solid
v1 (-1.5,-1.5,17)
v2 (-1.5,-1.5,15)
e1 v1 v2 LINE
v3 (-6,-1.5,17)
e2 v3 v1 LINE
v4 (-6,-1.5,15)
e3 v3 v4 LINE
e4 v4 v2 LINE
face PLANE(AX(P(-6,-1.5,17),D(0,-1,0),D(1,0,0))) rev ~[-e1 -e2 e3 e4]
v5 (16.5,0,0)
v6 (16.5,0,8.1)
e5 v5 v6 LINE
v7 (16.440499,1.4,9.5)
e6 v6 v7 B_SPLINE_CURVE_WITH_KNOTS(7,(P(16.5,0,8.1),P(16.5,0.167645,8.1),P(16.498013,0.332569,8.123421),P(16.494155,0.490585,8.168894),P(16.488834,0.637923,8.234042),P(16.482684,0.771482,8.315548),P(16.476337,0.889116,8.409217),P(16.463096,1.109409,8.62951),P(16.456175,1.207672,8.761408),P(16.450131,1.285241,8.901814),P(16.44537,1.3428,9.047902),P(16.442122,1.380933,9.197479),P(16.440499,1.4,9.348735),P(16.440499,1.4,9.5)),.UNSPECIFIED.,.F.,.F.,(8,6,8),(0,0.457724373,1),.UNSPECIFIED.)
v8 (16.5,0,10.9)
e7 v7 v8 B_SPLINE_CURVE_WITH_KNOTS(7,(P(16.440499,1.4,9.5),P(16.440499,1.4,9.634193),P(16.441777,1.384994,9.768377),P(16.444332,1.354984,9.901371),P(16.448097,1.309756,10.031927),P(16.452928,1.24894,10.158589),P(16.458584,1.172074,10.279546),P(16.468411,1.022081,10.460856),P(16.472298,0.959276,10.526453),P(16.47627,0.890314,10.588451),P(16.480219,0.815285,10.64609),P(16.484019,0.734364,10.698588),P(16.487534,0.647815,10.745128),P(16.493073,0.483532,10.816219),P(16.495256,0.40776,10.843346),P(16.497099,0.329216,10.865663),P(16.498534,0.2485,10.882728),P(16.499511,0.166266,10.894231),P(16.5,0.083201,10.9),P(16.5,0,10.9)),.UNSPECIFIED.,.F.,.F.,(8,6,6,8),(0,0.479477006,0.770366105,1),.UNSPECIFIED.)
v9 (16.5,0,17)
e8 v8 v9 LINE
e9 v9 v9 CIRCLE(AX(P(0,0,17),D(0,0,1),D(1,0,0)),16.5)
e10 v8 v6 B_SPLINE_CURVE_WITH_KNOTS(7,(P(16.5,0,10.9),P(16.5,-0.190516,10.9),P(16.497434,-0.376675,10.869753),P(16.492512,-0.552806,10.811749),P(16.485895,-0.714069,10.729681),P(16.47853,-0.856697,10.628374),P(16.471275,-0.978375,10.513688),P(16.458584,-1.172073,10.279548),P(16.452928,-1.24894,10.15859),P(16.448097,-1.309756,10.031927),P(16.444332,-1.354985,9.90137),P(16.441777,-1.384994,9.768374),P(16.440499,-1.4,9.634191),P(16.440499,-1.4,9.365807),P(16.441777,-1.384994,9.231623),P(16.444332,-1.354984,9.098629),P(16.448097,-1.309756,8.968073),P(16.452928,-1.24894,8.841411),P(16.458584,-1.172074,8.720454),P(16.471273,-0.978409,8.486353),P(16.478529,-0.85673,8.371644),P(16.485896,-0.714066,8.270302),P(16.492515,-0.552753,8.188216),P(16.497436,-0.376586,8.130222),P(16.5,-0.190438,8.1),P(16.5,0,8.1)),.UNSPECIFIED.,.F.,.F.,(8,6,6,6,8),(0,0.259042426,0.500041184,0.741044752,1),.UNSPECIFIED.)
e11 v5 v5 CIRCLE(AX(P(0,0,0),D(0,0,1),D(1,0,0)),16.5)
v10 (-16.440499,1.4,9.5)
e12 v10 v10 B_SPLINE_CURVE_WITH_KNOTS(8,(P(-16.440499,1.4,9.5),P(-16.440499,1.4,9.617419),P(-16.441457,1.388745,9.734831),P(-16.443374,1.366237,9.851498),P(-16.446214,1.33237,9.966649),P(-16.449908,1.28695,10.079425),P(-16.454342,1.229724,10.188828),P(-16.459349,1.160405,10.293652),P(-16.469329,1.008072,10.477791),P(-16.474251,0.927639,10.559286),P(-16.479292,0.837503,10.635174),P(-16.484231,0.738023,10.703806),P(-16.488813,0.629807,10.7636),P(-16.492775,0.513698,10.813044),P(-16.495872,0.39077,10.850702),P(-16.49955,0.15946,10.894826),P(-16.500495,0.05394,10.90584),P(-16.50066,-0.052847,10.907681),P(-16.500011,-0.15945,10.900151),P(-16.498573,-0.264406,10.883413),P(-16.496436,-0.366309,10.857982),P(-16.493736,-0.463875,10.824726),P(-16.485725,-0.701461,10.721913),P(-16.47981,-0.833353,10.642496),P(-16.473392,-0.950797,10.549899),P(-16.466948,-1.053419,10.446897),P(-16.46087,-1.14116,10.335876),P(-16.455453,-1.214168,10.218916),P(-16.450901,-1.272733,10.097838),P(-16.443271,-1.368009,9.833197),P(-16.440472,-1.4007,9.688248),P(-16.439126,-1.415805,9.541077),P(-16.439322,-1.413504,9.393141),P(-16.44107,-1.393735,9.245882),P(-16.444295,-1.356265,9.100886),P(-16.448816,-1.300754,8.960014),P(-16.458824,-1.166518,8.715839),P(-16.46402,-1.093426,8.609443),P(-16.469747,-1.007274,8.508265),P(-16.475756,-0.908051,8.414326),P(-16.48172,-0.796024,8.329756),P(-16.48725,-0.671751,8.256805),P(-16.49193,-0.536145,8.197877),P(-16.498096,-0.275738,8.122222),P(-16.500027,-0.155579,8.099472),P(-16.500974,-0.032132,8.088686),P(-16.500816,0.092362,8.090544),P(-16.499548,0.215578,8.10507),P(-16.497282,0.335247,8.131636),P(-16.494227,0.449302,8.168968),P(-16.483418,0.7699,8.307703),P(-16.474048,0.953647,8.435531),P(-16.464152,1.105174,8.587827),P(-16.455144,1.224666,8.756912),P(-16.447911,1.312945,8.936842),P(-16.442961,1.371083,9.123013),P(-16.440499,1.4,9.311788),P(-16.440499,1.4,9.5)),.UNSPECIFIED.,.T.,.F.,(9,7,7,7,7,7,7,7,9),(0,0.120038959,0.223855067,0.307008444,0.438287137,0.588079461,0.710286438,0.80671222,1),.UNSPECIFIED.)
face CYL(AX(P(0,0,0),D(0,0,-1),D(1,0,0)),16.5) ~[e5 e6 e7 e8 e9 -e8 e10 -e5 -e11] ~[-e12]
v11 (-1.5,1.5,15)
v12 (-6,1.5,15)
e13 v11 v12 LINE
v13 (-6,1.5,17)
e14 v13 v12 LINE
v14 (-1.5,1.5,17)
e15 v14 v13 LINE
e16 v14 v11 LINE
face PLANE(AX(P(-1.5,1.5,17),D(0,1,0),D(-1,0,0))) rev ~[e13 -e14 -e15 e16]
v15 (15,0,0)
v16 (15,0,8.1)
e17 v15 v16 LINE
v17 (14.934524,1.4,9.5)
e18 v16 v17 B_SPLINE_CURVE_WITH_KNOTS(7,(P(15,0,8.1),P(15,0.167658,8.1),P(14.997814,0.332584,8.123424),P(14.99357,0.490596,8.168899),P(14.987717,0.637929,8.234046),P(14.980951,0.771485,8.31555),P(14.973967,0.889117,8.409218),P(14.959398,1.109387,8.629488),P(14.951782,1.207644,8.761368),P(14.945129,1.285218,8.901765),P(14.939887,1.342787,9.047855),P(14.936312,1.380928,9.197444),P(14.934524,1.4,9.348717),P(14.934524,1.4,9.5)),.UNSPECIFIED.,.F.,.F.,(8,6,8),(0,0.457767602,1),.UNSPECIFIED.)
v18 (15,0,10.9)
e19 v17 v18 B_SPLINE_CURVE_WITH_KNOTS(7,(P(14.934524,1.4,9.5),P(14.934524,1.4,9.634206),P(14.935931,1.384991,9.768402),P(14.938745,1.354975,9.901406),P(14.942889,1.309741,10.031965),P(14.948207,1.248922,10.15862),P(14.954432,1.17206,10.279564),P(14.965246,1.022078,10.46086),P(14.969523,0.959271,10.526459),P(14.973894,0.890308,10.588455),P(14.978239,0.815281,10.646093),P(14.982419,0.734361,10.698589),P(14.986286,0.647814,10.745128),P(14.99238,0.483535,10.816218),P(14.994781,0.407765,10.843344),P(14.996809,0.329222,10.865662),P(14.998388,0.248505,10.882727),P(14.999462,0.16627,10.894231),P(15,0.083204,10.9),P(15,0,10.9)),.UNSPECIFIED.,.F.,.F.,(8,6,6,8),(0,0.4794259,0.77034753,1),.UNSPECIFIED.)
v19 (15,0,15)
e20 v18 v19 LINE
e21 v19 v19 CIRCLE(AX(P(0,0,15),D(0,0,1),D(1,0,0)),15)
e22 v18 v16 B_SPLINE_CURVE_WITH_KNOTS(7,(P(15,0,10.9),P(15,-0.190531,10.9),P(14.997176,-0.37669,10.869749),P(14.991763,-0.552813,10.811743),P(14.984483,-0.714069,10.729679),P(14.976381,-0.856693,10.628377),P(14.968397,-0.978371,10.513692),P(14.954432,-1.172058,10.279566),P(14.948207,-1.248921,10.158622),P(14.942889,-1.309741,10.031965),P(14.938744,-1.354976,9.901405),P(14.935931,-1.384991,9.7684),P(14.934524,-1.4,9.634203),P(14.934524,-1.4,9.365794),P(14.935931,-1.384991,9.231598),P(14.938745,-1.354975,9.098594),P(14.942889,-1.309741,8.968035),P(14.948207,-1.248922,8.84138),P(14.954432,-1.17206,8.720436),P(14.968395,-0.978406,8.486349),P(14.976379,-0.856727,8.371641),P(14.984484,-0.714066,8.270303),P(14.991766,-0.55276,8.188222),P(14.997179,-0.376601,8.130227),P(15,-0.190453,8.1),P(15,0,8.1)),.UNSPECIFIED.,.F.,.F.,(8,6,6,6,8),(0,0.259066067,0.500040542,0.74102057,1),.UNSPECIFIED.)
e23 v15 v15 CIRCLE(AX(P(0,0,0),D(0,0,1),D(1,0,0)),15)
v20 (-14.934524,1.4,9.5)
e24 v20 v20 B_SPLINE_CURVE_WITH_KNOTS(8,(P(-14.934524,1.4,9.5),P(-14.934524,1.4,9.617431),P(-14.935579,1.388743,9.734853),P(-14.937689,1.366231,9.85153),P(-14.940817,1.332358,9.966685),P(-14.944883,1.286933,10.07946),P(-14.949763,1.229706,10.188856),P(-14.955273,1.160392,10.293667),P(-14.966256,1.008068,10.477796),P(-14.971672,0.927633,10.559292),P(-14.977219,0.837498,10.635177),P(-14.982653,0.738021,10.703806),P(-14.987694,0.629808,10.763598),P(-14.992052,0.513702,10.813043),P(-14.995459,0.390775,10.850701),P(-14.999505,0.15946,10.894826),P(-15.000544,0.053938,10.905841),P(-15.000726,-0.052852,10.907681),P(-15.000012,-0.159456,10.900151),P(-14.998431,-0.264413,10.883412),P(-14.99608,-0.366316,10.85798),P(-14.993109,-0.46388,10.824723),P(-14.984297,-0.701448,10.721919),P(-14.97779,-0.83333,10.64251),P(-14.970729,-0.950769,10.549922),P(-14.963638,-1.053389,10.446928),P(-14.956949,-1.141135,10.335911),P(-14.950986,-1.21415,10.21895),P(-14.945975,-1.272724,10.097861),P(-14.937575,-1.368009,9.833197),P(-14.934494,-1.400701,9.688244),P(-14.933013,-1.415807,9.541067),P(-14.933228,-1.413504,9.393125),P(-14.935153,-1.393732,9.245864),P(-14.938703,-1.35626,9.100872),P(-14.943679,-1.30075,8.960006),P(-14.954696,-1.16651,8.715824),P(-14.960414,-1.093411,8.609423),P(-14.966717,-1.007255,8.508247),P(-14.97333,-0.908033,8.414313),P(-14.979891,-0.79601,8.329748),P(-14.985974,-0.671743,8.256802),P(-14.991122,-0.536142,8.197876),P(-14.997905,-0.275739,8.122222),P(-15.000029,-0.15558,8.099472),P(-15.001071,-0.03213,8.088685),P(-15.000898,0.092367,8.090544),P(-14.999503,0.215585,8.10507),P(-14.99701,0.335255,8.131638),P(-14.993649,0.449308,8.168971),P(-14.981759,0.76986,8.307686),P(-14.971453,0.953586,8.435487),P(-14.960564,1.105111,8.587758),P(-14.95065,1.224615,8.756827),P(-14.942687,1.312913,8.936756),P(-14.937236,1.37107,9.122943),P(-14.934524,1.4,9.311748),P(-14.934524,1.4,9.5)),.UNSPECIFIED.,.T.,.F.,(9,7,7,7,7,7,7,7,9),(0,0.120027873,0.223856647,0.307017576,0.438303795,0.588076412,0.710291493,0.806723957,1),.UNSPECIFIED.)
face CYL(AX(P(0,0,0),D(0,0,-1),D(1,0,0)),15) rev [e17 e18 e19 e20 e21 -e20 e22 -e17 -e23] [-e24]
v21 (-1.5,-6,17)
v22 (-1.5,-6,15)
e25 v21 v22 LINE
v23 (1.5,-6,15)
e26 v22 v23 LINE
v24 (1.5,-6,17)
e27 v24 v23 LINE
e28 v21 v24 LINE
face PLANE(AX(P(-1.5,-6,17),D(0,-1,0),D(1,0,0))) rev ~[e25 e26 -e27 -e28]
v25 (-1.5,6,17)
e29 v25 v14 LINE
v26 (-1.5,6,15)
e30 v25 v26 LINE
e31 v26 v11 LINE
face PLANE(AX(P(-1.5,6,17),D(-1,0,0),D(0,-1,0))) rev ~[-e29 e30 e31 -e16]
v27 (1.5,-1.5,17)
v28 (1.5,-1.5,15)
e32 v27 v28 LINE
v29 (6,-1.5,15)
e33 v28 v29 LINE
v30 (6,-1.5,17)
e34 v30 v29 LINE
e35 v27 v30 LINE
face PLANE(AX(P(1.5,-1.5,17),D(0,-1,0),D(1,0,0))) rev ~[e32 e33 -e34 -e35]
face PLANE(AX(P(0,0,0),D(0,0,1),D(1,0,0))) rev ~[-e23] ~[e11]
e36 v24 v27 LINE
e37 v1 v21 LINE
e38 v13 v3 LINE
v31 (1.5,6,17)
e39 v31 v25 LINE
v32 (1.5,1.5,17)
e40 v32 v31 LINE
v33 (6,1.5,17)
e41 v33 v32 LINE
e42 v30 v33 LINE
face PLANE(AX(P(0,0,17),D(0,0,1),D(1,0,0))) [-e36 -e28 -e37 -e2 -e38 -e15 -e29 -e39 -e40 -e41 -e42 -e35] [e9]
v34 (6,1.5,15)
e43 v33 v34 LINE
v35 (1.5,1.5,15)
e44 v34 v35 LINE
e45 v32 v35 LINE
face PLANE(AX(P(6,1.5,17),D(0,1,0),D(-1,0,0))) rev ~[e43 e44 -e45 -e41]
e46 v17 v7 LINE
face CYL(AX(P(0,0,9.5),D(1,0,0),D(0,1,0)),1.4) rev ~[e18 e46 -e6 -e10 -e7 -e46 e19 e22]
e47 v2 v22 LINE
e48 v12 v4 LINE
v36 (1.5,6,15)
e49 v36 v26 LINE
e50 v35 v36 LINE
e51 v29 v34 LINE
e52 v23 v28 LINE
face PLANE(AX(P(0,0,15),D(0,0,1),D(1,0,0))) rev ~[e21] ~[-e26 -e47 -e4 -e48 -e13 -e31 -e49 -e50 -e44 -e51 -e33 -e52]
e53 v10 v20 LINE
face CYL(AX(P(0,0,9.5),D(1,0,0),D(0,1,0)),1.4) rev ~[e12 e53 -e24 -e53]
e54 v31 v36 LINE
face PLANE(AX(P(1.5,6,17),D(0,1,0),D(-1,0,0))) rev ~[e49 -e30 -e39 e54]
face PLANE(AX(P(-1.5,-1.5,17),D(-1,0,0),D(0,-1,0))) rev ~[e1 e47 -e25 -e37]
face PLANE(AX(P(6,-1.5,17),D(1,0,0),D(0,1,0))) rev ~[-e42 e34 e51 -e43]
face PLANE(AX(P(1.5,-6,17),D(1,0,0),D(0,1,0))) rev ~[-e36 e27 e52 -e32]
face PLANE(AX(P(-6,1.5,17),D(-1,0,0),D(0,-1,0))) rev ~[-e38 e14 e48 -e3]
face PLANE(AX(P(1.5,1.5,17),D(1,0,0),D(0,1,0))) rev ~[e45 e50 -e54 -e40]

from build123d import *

# Parameters (mm, degrees)
F0_R     = 16.5
F1_DEPTH = 17
F2_R     = 15
F3_DEPTH = 15
F4_R     = 1.4
F5_DEPTH = 20
F7_DEPTH = 2


with BuildPart() as f1:
    # F0 (on Top) → F1 (new body)
    with BuildSketch(Plane.XY):
        Circle(F0_R)
    extrude(amount=F1_DEPTH)

    # F2 (on Top) → F3 (cut)
    with BuildSketch(Plane.XY):
        Circle(F2_R)
    extrude(amount=F3_DEPTH, mode=Mode.SUBTRACT)

    # F4 (on Right) → F5 (cut, symmetric)
    with BuildSketch(Plane.YZ):
        with Locations((0, 9.5)):
            Circle(F4_R)
    extrude(amount=F5_DEPTH, both=True, mode=Mode.SUBTRACT)

    # F6 (on face) → F7 (cut)
    with BuildSketch(Plane.XY.offset(17)):
        Polygon((1.5, 6), (-1.5, 6), (-1.5, 1.5), (0.375, 1.5), align=None)
        Polygon((1.5, 1.5), (1.5, 6), (0.375, 1.5), align=None)
        Polygon((0.375, 1.5), (-1.5, 1.5), (-1.5, -0.375), (0, 0), align=None)
        Polygon((-1.5, -0.375), (-1.5, 1.5), (-6, 1.5), (-6, -1.5), align=None)
        Polygon((6, 1.5), (1.5, 1.5), (1.5, 0.375), align=None)
        Polygon((1.5, 0.375), (1.5, 1.5), (0.375, 1.5), (0, 0), align=None)
        Polygon((0, 0), (-1.5, -0.375), (-1.5, -1.5), (-0.375, -1.5), align=None)
        Polygon((-1.5, -1.5), (-1.5, -0.375), (-6, -1.5), align=None)
        Polygon((6, 1.5), (1.5, 0.375), (1.5, -1.5), (6, -1.5), align=None)
        Polygon((1.5, -1.5), (1.5, 0.375), (0, 0), (-0.375, -1.5), align=None)
        Polygon((-0.375, -1.5), (-1.5, -1.5), (-1.5, -6), align=None)
        Polygon((1.5, -6), (1.5, -1.5), (-0.375, -1.5), (-1.5, -6), align=None)
    extrude(amount=-F7_DEPTH, mode=Mode.SUBTRACT)


solid = f1.part
